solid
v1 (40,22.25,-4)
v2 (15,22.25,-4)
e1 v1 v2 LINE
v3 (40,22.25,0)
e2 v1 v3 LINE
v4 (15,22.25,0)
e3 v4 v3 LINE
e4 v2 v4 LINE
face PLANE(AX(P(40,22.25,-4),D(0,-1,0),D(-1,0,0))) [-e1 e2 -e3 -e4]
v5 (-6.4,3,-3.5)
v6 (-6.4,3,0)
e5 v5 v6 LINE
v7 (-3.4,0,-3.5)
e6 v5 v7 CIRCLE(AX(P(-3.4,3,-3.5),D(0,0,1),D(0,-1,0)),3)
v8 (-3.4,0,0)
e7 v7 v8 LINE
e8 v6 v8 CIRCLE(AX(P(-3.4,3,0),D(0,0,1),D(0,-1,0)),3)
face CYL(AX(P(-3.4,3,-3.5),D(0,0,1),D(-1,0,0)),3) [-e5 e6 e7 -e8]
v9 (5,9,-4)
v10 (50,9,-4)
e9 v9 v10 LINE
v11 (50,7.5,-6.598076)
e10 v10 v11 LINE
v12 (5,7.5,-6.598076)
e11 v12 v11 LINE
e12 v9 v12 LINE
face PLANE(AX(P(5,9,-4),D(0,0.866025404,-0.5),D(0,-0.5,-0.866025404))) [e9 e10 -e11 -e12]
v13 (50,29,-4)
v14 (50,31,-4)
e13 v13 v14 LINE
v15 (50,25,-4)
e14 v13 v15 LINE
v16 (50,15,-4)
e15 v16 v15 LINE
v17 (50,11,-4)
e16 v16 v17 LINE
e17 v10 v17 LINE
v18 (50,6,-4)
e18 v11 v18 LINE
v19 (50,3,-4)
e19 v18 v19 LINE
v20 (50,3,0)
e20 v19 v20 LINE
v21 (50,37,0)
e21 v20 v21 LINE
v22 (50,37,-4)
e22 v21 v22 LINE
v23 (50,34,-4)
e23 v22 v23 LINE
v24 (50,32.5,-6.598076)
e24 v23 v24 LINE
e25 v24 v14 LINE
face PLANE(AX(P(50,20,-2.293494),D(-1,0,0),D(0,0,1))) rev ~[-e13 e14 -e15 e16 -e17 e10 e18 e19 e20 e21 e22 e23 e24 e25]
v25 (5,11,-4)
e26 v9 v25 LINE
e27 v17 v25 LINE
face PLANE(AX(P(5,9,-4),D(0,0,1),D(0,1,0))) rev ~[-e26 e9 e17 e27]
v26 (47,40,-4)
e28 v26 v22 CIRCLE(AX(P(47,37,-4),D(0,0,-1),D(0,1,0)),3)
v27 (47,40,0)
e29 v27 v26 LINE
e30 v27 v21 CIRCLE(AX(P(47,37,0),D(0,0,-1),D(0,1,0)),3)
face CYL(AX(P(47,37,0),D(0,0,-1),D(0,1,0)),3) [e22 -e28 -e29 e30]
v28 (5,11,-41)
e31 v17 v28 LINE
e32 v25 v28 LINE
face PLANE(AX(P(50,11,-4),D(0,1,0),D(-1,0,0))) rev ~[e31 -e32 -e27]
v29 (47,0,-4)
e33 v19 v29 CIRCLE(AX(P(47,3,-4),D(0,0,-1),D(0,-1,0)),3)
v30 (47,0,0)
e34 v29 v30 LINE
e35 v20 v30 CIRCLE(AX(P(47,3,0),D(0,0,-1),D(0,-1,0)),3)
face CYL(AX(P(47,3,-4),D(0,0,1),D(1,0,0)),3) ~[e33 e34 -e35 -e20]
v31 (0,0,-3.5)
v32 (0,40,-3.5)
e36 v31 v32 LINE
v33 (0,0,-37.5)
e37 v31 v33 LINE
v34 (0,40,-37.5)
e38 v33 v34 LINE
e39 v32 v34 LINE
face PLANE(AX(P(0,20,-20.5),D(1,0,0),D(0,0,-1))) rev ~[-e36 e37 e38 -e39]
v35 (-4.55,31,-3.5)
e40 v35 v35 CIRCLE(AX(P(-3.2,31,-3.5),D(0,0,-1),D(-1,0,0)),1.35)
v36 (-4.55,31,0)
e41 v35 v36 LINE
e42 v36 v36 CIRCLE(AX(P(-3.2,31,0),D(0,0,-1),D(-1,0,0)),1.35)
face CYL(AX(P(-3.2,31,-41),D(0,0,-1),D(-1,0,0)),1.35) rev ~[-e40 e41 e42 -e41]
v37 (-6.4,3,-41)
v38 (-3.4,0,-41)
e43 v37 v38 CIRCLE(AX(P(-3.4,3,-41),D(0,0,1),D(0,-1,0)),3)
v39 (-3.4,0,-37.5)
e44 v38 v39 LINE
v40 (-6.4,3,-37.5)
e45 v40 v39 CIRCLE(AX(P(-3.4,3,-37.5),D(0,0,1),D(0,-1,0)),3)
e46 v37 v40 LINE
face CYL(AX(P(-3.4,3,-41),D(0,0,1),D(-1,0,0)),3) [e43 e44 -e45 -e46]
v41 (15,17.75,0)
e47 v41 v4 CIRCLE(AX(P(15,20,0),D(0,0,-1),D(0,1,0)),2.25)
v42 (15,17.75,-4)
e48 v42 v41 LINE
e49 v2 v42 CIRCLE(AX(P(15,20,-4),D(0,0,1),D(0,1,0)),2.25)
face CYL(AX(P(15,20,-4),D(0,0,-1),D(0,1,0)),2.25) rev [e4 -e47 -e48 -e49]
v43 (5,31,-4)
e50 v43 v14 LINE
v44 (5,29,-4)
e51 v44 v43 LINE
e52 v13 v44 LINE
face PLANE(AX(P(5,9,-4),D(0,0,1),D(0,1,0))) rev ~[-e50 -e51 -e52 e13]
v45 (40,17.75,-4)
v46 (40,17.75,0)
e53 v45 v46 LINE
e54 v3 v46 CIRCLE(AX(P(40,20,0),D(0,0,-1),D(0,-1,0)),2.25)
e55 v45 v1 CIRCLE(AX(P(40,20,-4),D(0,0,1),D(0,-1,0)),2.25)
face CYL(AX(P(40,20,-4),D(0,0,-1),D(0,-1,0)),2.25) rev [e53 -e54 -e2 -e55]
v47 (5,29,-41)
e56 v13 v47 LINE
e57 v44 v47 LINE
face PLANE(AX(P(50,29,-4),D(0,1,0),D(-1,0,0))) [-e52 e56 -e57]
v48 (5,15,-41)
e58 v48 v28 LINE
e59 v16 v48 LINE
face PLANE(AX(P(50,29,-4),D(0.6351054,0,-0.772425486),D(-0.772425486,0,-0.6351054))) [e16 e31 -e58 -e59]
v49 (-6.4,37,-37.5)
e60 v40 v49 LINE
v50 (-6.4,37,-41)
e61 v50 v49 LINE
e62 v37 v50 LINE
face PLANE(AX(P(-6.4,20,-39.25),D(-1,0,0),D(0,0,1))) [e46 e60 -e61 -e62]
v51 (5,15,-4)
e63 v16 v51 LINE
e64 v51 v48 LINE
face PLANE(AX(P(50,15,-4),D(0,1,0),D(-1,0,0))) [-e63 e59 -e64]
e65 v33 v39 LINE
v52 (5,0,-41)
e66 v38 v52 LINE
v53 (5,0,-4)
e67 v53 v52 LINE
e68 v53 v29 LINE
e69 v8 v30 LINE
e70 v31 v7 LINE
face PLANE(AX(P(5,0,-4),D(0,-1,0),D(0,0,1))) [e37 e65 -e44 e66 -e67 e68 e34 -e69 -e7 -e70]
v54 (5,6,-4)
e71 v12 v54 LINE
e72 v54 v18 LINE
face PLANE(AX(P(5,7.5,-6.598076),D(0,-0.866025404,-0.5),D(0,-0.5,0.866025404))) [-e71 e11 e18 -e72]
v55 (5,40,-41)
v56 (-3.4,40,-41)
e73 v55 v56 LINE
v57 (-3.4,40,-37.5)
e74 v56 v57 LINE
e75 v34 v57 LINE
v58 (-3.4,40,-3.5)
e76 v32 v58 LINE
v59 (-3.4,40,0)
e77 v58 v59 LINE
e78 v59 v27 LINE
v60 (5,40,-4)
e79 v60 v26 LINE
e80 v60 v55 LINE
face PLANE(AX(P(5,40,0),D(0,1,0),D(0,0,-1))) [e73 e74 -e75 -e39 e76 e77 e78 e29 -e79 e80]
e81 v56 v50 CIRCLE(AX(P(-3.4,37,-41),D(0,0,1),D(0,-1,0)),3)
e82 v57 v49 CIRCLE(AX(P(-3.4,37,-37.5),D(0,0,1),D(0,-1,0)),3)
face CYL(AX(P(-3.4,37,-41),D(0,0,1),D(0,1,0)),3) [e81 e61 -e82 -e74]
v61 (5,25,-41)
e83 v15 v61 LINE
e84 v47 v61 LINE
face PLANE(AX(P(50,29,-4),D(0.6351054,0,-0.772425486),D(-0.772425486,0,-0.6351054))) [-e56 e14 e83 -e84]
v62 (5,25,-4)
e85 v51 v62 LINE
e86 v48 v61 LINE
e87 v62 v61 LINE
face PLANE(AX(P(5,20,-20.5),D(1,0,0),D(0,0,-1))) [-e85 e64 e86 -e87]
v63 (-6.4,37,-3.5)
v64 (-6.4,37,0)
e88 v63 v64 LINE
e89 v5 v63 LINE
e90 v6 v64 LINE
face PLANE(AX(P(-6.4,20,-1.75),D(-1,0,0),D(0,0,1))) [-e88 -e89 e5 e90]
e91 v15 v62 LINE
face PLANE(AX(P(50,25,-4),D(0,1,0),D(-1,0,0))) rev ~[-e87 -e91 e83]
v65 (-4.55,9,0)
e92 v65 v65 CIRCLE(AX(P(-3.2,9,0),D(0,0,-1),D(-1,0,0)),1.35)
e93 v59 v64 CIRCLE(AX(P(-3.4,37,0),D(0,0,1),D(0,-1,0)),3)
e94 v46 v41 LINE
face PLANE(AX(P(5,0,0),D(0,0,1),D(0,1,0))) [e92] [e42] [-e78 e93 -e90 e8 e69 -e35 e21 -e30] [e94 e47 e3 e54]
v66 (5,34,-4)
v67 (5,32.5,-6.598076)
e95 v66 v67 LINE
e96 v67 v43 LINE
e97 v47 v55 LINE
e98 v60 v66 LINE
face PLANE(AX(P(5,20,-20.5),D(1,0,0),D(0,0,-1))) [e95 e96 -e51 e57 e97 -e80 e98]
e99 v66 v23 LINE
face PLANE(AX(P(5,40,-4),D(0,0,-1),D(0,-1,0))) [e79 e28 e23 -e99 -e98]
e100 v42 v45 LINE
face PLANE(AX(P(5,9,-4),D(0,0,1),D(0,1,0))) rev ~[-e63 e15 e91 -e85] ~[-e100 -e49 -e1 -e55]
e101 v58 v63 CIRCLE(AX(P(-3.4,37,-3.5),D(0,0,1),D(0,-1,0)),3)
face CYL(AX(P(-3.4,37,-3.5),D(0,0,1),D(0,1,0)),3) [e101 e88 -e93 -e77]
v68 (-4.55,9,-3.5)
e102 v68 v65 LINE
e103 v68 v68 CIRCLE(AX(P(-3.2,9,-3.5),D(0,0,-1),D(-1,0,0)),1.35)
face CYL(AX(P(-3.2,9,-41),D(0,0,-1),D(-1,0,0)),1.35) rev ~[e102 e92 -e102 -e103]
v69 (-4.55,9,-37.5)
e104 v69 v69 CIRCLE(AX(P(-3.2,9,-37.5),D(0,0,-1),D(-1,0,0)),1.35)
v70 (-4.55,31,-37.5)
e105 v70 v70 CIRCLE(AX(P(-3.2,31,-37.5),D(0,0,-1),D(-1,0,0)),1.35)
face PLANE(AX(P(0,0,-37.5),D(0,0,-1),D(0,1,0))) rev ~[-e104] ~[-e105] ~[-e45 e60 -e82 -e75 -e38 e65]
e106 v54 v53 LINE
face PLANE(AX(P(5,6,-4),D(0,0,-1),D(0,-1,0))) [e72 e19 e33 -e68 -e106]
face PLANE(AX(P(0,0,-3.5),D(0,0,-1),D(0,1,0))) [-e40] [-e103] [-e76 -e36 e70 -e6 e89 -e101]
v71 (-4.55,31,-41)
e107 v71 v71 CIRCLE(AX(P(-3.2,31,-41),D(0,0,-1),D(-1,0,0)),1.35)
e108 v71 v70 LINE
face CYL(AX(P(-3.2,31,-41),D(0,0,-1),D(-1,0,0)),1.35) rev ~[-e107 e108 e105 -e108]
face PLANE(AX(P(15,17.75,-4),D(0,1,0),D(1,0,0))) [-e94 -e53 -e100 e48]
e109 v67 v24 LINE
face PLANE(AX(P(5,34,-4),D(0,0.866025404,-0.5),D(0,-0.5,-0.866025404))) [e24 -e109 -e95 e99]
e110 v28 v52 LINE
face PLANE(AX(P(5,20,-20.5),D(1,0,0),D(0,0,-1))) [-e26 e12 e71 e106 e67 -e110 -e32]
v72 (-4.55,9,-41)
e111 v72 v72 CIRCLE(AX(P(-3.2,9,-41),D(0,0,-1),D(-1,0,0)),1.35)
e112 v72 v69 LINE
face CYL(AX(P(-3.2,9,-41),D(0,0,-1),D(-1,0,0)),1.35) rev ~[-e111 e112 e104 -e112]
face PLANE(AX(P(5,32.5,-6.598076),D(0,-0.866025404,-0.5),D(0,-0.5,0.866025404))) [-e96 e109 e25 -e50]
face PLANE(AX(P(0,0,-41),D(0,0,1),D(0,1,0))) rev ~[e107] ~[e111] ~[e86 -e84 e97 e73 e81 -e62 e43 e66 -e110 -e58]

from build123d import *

# Parameters (mm, degrees)
SKETCH_1_W               = 41
SKETCH_1_H               = 40
EXTRUDE_1_DEPTH          = 5
SKETCH_2_W               = 3.5
SKETCH_2_H               = 40
EXTRUDE_2_DEPTH          = 6.4
EXTRUDE_3_DEPTH          = 45
SKETCH_4_W               = 45
SKETCH_4_H               = 4
EXTRUDE_4_DEPTH          = 37
CUT_EXTRUDE_1_DEPTH      = 19
SKETCH_6_R               = 1.35
CUT_EXTRUDE_2_DEPTH      = 42
FILLET_1_R               = 3
FILLET_2_R               = 3
CUT_EXTRUDE_3_DEPTH      = 38
CUT_EXTRUDE_3_DEPTH_BACK = 5


with BuildPart() as part:
    # 스케치1 → 보스-돌출1 (new body)
    with BuildSketch(Plane(origin=(0, 0, 0), x_dir=(0, 0, -1), z_dir=(1, 0, 0))):
        with Locations((20.5, 20)):
            Rectangle(SKETCH_1_W, SKETCH_1_H)
    extrude(amount=EXTRUDE_1_DEPTH)

    # 스케치2 → 보스-돌출2 (add)
    with BuildSketch(Plane.ZY):
        with Locations((-1.75, 20)):
            Rectangle(SKETCH_2_W, SKETCH_2_H)
        with Locations((-39.25, 20)):
            Rectangle(SKETCH_2_W, SKETCH_2_H)
    extrude(amount=EXTRUDE_2_DEPTH)

    # 스케치3 → 보스-돌출3 (add)
    with BuildSketch(Plane(origin=(5, 0, 0), x_dir=(0, 0, -1), z_dir=(1, 0, 0))):
        Polygon((0, 40), (4, 40), (4, 34), (6.598076211, 32.5), (4, 31), (4, 14), (4, 12), (4, 9), (6.598076211, 7.5), (4, 6), (4, 0), (0, 0), align=None)
    extrude(amount=EXTRUDE_3_DEPTH)

    # 스케치4 → 보스-돌출4 (add)
    with BuildSketch(Plane(origin=(0, 0, -4), x_dir=(-1, 0, 0), z_dir=(0, 0, -1))):
        with Locations((-27.5, 27)):
            Rectangle(SKETCH_4_W, SKETCH_4_H)
        with Locations((-27.5, 13)):
            Rectangle(SKETCH_4_W, SKETCH_4_H)
    extrude(amount=EXTRUDE_4_DEPTH)

    # 스케치5 → 컷-돌출1 (cut)
    with BuildSketch(Plane(origin=(0, 29, 0), x_dir=(1, 0, 0), z_dir=(0, 1, 0))):
        Polygon((50, 4), (5, 41), (50, 41), align=None)
    extrude(amount=-CUT_EXTRUDE_1_DEPTH, mode=Mode.SUBTRACT)

    # 스케치6 → 컷-돌출2 (cut, through all)
    with BuildSketch(Plane(origin=(0, 0, -41), x_dir=(-1, 0, 0), z_dir=(0, 0, -1))):
        with Locations((3.2, 9)):
            Circle(SKETCH_6_R)
        with Locations((3.2, 31)):
            Circle(SKETCH_6_R)
    extrude(amount=-CUT_EXTRUDE_2_DEPTH, mode=Mode.SUBTRACT)

    # 필렛1
    fillet_1_edges = [part.edges().sort_by_distance(p)[0] for p in [
        (50, 0, -2),
        (50, 40, -2),
    ]]
    fillet(fillet_1_edges, radius=FILLET_1_R)

    # 필렛2
    fillet_2_edges = [part.edges().sort_by_distance(p)[0] for p in [
        (-6.4, 0, -1.75),
        (-6.4, 40, -1.75),
        (-6.4, 40, -39.25),
        (-6.4, 0, -39.25),
    ]]
    fillet(fillet_2_edges, radius=FILLET_2_R)

    # 스케치7 → 컷-돌출3 (cut, two sides)
    with BuildSketch(Plane(origin=(0, 0, -4), x_dir=(-1, 0, 0), z_dir=(0, 0, -1))) as cut_extrude_3_sk:
        with BuildLine():
            Line((-40, 22.25), (-15, 22.25))
            ThreePointArc((-15, 22.25), (-12.75, 20), (-15, 17.75))
            Line((-15, 17.75), (-40, 17.75))
            ThreePointArc((-40, 17.75), (-42.25, 20), (-40, 22.25))
        make_face()
    extrude(amount=CUT_EXTRUDE_3_DEPTH, mode=Mode.SUBTRACT)
    extrude(cut_extrude_3_sk.sketch, amount=-CUT_EXTRUDE_3_DEPTH_BACK, mode=Mode.SUBTRACT)


solid = part.part
